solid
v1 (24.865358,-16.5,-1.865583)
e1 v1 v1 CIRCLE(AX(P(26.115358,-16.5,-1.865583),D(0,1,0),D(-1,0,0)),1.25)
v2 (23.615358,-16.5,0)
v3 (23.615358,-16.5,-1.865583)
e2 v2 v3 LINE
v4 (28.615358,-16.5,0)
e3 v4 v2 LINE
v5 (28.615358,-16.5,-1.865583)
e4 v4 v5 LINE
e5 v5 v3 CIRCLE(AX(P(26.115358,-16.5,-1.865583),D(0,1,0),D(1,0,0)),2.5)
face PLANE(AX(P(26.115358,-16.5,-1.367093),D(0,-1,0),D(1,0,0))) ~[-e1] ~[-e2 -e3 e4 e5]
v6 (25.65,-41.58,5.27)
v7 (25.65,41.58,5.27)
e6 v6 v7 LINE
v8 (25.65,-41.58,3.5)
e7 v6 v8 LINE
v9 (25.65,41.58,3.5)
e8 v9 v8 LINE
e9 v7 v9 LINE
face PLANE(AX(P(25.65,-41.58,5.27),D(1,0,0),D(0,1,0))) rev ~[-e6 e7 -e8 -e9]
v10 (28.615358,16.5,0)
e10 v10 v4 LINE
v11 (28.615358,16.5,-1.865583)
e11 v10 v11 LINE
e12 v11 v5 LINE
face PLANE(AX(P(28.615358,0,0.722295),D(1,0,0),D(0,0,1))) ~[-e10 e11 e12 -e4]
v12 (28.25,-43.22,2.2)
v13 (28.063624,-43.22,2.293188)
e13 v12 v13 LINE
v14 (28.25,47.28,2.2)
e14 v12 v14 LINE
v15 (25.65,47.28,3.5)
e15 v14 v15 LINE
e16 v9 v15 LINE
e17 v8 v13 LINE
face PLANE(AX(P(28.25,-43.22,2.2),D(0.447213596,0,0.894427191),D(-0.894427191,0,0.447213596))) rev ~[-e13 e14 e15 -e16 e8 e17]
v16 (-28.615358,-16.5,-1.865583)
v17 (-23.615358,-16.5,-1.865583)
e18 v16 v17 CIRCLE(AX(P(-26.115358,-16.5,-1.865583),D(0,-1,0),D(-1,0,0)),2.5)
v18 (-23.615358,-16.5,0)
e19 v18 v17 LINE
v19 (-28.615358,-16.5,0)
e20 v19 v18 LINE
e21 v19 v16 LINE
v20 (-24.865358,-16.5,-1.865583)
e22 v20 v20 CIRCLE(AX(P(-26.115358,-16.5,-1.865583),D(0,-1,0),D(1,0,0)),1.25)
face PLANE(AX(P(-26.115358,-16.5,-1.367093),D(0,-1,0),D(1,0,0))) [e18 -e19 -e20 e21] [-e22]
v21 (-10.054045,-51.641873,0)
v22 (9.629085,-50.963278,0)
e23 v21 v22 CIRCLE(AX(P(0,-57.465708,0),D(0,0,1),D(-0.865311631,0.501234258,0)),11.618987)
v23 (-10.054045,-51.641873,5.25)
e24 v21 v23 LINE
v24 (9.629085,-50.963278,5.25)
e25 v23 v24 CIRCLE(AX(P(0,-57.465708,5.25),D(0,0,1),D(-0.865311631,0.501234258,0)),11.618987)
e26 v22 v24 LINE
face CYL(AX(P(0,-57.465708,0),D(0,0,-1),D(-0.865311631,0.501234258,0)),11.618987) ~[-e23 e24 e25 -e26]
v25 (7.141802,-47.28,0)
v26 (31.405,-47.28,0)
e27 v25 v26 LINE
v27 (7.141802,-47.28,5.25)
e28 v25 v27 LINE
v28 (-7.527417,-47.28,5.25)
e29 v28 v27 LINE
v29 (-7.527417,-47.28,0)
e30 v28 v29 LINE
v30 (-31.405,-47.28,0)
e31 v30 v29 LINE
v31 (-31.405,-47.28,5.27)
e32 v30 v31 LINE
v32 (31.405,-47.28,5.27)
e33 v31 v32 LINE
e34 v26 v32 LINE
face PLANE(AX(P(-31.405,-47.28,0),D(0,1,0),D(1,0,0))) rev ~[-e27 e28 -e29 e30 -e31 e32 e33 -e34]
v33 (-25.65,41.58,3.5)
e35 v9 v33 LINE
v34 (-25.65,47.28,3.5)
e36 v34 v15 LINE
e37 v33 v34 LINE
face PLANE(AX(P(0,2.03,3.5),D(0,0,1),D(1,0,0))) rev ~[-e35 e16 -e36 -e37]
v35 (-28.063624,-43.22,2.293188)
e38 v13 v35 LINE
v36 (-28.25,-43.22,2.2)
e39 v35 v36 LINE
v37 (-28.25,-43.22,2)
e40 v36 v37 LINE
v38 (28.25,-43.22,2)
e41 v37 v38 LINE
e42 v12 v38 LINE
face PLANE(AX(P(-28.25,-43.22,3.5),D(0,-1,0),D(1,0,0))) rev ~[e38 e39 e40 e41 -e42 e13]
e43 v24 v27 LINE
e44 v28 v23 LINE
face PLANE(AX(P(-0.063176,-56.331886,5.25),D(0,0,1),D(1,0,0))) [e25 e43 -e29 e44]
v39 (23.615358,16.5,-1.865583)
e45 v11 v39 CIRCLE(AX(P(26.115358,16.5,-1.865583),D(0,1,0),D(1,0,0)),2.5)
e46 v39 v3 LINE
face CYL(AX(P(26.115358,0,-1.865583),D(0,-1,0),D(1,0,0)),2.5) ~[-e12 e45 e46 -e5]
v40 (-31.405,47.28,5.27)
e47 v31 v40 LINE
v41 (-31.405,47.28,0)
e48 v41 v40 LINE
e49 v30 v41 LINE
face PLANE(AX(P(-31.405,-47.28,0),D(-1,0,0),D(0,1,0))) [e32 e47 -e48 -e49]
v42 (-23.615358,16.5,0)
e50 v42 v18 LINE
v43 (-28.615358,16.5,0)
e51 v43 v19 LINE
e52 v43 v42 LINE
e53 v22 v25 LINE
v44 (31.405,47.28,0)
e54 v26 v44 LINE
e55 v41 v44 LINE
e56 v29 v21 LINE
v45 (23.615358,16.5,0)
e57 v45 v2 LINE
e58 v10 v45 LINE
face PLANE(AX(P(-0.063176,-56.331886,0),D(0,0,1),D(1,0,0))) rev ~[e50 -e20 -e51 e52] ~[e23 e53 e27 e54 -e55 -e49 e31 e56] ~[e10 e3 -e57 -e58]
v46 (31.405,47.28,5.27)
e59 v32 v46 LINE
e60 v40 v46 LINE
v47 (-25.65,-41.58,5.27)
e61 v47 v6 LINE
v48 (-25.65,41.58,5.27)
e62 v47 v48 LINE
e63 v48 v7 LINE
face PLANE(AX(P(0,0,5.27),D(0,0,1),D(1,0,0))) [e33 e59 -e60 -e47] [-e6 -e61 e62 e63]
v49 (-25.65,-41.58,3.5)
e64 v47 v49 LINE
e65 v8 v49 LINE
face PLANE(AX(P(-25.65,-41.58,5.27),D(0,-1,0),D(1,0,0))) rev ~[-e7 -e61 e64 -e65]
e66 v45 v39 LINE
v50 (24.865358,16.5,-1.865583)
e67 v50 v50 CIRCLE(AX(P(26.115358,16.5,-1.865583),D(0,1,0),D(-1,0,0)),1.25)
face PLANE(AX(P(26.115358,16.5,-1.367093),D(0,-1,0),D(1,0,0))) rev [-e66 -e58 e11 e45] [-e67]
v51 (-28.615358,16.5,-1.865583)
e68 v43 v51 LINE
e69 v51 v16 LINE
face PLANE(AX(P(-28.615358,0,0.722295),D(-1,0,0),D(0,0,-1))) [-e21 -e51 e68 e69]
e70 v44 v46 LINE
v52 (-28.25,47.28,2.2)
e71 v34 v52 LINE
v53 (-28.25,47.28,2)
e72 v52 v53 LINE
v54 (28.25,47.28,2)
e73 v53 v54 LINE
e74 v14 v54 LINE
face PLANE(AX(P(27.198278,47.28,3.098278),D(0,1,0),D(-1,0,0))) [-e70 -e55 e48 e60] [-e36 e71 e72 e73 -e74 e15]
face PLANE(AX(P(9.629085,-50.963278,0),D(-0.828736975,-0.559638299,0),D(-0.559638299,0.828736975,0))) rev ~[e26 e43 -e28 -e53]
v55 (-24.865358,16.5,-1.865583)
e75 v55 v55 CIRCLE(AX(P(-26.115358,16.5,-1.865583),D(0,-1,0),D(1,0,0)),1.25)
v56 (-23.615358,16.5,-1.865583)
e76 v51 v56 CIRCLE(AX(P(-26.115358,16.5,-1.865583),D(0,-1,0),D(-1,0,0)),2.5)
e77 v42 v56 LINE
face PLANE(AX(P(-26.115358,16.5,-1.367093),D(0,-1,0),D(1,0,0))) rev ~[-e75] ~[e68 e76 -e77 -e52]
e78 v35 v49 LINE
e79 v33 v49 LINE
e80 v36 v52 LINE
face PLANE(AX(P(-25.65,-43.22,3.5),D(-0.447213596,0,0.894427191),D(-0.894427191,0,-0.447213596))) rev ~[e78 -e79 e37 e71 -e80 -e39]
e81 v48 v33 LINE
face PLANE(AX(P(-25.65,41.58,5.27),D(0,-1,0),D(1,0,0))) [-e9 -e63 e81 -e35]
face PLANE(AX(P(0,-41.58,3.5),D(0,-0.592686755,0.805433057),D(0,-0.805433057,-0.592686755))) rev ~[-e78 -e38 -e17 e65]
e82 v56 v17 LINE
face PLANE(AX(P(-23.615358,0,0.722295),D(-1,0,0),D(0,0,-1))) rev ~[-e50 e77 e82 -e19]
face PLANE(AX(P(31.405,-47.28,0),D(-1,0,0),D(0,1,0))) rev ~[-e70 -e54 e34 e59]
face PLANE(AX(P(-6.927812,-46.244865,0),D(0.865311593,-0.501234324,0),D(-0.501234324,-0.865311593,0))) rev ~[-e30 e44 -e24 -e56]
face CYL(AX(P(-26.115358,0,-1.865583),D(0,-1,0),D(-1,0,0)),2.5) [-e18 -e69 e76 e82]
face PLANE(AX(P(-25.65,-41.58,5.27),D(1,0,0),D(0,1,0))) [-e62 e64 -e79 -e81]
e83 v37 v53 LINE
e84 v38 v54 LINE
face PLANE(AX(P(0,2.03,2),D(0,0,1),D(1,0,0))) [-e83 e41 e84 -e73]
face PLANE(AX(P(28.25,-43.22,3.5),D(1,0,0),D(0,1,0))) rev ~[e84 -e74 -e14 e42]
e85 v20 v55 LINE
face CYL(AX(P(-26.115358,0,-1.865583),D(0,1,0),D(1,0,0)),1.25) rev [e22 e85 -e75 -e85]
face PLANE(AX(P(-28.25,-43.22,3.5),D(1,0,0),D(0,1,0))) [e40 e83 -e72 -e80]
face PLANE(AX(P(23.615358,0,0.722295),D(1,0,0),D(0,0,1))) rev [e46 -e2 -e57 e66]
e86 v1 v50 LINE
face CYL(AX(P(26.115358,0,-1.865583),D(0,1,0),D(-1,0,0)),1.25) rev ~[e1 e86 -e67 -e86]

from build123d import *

# Parameters (mm, degrees)
SKETCH_W        = 62.81
SKETCH_H        = 94.56
PAD_DEPTH       = 5.27
SKETCH001_W     = 51.3
SKETCH001_H     = 83.16
POCKET_DEPTH    = 3.27
SKETCH002_W     = 56.5
SKETCH002_H     = 90.5
POCKET001_DEPTH = 1.5
PAD001_DEPTH    = 90.5
PAD002_DEPTH    = 90.5
PAD003_DEPTH    = 28.5
SKETCH006_R     = 1.25
PAD004_DEPTH    = 16.5
PAD005_DEPTH    = 5.25


with BuildPart() as part:
    # Sketch → Pad (new body)
    with BuildSketch(Plane.XY):
        Rectangle(SKETCH_W, SKETCH_H)
    extrude(amount=PAD_DEPTH)

    # Sketch001 → Pocket (cut)
    with BuildSketch(Plane.XY.offset(5.27)):
        Rectangle(SKETCH001_W, SKETCH001_H)
    extrude(amount=-POCKET_DEPTH, mode=Mode.SUBTRACT)

    # Sketch002 → Pocket001 (cut)
    with BuildSketch(Plane.XY.offset(3.5)):
        with Locations((0, 2.03)):
            Rectangle(SKETCH002_W, SKETCH002_H)
    extrude(amount=-POCKET001_DEPTH, mode=Mode.SUBTRACT)

    # Sketch003 → Pad001 (join)
    with BuildSketch(Plane.XZ.offset(43.22)):
        Polygon((-25.65, 3.5), (-28.25, 2.2), (-28.25, 3.5), align=None)
    extrude(amount=-PAD001_DEPTH)

    # Sketch004 → Pad002 (join)
    with BuildSketch(Plane.XZ.offset(43.22)):
        Polygon((25.65, 3.5), (28.25, 3.5), (28.25, 2.2), align=None)
    extrude(amount=-PAD002_DEPTH)

    # Sketch005 → Pad003 (join, symmetric)
    with BuildSketch(Plane.YZ):
        Polygon((-41.58, 3.5), (-43.22, 2.293188), (-43.22, 3.5), align=None)
    extrude(amount=PAD003_DEPTH, both=True)

    # Sketch006 → Pad004 (join, symmetric)
    with BuildSketch(Plane.XZ):
        with BuildLine():
            Line((-28.615358, 0.722295), (-28.615358, -1.865583))
            ThreePointArc((-28.615358, -1.865583), (-26.115358, -4.365583), (-23.615358, -1.865583))
            Line((-23.615358, 0.722295), (-23.615358, -1.865583))
            Line((-28.615358, 0.722295), (-23.615358, 0.722295))
        make_face()
        with Locations((-26.115358, -1.865583)):
            Circle(SKETCH006_R, mode=Mode.SUBTRACT)
    pad004 = extrude(amount=PAD004_DEPTH, both=True)

    # Sketch007 → Pad005 (join)
    with BuildSketch(Plane.XY):
        with BuildLine():
            ThreePointArc((-10.054045, -51.641873), (0.400338, -69.077796), (9.629085, -50.963278))
            Line((9.629085, -50.963278), (6.442785, -46.244865))
            Line((-6.927812, -46.244865), (6.442785, -46.244865))
            Line((-6.927812, -46.244865), (-10.054045, -51.641873))
        make_face()
    extrude(amount=PAD005_DEPTH)

    # Mirrored: Pad004 across Sketch006 V_Axis
    add(pad004.mirror(Plane(origin=(0, 0, 0), x_dir=(0, -1, 0), z_dir=(1, 0, 0))))


solid = part.part
